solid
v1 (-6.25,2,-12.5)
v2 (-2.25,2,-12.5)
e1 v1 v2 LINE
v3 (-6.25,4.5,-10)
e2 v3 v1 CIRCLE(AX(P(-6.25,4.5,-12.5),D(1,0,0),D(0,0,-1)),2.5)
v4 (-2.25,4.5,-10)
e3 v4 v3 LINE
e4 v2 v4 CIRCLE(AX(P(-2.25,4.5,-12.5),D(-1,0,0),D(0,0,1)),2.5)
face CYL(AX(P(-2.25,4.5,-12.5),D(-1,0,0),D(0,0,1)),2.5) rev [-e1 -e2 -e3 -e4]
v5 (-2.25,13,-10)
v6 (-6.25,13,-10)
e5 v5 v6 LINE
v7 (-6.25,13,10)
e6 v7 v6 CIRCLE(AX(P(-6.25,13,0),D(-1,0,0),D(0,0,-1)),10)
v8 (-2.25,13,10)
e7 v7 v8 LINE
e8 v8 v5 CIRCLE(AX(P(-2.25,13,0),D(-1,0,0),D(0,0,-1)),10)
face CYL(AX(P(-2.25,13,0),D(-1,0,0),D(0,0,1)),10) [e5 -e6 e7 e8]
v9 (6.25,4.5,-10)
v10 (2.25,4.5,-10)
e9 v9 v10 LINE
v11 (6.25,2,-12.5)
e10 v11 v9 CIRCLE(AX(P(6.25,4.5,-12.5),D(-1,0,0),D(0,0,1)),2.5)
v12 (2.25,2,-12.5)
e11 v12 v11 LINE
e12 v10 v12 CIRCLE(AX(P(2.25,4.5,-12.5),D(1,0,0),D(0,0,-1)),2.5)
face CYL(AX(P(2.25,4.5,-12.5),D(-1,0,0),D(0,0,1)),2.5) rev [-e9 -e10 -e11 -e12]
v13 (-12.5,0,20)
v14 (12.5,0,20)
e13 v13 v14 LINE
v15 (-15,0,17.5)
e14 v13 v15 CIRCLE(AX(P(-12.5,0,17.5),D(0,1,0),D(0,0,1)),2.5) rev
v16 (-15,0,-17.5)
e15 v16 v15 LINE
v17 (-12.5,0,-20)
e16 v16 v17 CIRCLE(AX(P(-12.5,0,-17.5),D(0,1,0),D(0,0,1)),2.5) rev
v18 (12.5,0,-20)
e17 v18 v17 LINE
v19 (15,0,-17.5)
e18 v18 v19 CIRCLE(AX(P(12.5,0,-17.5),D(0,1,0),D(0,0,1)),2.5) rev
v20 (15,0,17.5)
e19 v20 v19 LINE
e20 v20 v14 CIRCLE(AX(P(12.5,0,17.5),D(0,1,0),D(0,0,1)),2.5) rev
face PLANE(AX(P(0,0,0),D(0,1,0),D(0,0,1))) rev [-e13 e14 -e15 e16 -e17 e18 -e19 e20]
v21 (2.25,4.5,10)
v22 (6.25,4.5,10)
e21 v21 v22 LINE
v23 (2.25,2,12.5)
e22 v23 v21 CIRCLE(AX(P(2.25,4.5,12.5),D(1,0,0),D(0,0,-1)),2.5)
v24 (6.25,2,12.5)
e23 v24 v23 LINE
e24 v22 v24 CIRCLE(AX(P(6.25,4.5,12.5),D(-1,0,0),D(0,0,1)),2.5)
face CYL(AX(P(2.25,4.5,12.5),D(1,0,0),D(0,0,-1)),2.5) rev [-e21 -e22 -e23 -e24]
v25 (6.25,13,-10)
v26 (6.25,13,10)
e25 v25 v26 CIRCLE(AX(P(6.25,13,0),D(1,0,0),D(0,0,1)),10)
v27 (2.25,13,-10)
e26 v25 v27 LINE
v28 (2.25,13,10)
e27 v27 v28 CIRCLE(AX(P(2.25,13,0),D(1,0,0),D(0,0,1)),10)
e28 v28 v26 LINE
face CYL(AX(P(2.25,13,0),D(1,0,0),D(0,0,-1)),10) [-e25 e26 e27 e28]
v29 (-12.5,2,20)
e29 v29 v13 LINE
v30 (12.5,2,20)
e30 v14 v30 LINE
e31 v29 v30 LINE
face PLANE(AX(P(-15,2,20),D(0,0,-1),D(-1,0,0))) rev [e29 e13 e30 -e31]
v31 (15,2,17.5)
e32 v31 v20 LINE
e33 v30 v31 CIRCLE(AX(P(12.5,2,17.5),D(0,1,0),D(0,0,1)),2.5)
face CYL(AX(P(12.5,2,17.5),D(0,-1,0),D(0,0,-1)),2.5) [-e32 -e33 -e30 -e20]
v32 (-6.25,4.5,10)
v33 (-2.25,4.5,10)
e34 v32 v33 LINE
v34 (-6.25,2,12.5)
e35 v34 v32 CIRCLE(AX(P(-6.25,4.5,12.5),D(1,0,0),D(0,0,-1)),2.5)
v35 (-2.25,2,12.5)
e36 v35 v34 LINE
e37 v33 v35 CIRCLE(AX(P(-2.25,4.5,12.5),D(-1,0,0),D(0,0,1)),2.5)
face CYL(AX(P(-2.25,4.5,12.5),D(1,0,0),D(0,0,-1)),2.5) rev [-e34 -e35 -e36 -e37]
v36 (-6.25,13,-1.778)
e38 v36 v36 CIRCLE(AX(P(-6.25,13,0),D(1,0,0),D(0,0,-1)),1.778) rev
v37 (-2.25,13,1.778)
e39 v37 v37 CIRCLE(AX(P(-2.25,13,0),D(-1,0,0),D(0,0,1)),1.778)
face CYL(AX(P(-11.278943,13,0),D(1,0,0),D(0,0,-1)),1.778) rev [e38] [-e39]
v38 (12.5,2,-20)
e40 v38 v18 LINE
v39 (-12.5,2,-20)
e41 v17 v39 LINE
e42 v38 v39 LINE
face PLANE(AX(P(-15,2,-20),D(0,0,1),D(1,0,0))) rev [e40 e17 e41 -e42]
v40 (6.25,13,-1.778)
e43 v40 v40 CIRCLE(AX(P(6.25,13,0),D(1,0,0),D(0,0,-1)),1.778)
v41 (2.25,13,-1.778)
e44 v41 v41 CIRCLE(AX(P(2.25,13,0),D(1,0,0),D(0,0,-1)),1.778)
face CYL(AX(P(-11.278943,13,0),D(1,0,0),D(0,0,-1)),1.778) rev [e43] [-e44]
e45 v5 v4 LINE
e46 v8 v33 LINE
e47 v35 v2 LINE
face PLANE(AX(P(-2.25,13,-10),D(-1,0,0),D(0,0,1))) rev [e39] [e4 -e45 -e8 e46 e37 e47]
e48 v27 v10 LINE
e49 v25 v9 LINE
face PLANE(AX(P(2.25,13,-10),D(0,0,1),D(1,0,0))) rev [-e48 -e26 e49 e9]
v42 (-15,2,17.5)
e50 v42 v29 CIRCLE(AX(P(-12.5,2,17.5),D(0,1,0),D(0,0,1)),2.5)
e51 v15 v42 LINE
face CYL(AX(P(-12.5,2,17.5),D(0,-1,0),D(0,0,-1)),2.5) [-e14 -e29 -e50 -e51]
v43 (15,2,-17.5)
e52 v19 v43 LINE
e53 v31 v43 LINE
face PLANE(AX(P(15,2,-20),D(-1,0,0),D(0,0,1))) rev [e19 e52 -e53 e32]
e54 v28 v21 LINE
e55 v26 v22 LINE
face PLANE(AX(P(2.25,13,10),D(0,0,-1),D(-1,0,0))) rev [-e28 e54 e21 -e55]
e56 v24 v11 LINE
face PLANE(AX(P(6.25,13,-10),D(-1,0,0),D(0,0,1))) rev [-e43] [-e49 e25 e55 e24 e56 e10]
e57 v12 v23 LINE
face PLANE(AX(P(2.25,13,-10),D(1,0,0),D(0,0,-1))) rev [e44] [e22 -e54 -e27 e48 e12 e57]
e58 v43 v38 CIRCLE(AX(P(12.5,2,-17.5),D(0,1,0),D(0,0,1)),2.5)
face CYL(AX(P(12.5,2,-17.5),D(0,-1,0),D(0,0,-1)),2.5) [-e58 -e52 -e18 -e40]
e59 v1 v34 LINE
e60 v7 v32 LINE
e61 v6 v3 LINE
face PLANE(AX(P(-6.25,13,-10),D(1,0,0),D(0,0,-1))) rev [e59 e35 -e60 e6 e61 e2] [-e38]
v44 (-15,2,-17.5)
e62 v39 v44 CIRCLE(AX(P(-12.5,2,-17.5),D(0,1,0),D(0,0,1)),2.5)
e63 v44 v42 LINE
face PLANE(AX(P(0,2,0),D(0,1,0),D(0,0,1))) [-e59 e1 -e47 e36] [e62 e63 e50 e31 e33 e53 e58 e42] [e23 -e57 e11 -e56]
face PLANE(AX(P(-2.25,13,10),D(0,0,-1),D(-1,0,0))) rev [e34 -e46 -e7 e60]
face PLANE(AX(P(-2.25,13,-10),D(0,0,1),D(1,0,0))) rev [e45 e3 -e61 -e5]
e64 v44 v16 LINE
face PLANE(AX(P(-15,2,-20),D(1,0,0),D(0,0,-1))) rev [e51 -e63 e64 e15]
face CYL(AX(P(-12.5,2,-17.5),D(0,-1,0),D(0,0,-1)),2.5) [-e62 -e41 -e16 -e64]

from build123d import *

# Parameters (mm, degrees)
ESQUISSE1_W             = 30
ESQUISSE1_H             = 40
BOSS_EXTRU_1_DEPTH      = 2
ESQUISSE2_W             = 4
ESQUISSE2_H             = 20
BOSS_EXTRU_2_DEPTH      = 11
BOSS_EXTRU_3_START      = -4
BOSS_EXTRU_3_DEPTH      = 4
BOSS_EXTRU_4_START      = -4
BOSS_EXTRU_4_DEPTH      = 4
ESQUISSE5_R             = 1.778
ENL_V_MAT_EXTRU_1_DEPTH = 12.5
CONG_1_R                = 2.5


with BuildPart() as part:
    # Esquisse1 → Boss.-Extru.1 (new body)
    with BuildSketch(Plane(origin=(0, 0, 0), x_dir=(1, 0, 0), z_dir=(0, 1, 0))):
        Rectangle(ESQUISSE1_W, ESQUISSE1_H)
    extrude(amount=BOSS_EXTRU_1_DEPTH)

    # Esquisse2 → Boss.-Extru.2 (add)
    with BuildSketch(Plane(origin=(0, 2, 0), x_dir=(1, 0, 0), z_dir=(0, 1, 0))):
        with Locations((4.25, 0)):
            Rectangle(ESQUISSE2_W, ESQUISSE2_H)
        with Locations((-4.25, 0)):
            Rectangle(ESQUISSE2_W, ESQUISSE2_H)
    extrude(amount=BOSS_EXTRU_2_DEPTH)

    # Esquisse3 → Boss.-Extru.3 (add)
    with BuildSketch(Plane.ZY.offset(6.25).offset(BOSS_EXTRU_3_START)):
        with BuildLine():
            Line((-10, 13), (10, 13))
            ThreePointArc((10, 13), (0, 23), (-10, 13))
        make_face()
    extrude(amount=BOSS_EXTRU_3_DEPTH)

    # Esquisse4 → Boss.-Extru.4 (add)
    with BuildSketch(Plane(origin=(6.25, 0, 0), x_dir=(0, 0, -1), z_dir=(1, 0, 0)).offset(BOSS_EXTRU_4_START)):
        with BuildLine():
            Line((10, 13), (-10, 13))
            ThreePointArc((-10, 13), (0, 23), (10, 13))
        make_face()
    extrude(amount=BOSS_EXTRU_4_DEPTH)

    # Esquisse5 → Enlèv. mat.-Extru.1 (cut)
    with BuildSketch(Plane(origin=(6.25, 0, 0), x_dir=(0, 0, -1), z_dir=(1, 0, 0))):
        with Locations((0, 13)):
            Circle(ESQUISSE5_R)
    extrude(amount=-ENL_V_MAT_EXTRU_1_DEPTH, mode=Mode.SUBTRACT)

    # Congé1
    cong_1_edges = [part.edges().sort_by_distance(p)[0] for p in [
        (4.25, 2, 10),
        (4.25, 2, -10),
        (-4.25, 2, -10),
        (-4.25, 2, 10),
        (-15, 1, -20),
        (15, 1, -20),
        (15, 1, 20),
        (-15, 1, 20),
    ]]
    fillet(cong_1_edges, radius=CONG_1_R)


solid = part.part
